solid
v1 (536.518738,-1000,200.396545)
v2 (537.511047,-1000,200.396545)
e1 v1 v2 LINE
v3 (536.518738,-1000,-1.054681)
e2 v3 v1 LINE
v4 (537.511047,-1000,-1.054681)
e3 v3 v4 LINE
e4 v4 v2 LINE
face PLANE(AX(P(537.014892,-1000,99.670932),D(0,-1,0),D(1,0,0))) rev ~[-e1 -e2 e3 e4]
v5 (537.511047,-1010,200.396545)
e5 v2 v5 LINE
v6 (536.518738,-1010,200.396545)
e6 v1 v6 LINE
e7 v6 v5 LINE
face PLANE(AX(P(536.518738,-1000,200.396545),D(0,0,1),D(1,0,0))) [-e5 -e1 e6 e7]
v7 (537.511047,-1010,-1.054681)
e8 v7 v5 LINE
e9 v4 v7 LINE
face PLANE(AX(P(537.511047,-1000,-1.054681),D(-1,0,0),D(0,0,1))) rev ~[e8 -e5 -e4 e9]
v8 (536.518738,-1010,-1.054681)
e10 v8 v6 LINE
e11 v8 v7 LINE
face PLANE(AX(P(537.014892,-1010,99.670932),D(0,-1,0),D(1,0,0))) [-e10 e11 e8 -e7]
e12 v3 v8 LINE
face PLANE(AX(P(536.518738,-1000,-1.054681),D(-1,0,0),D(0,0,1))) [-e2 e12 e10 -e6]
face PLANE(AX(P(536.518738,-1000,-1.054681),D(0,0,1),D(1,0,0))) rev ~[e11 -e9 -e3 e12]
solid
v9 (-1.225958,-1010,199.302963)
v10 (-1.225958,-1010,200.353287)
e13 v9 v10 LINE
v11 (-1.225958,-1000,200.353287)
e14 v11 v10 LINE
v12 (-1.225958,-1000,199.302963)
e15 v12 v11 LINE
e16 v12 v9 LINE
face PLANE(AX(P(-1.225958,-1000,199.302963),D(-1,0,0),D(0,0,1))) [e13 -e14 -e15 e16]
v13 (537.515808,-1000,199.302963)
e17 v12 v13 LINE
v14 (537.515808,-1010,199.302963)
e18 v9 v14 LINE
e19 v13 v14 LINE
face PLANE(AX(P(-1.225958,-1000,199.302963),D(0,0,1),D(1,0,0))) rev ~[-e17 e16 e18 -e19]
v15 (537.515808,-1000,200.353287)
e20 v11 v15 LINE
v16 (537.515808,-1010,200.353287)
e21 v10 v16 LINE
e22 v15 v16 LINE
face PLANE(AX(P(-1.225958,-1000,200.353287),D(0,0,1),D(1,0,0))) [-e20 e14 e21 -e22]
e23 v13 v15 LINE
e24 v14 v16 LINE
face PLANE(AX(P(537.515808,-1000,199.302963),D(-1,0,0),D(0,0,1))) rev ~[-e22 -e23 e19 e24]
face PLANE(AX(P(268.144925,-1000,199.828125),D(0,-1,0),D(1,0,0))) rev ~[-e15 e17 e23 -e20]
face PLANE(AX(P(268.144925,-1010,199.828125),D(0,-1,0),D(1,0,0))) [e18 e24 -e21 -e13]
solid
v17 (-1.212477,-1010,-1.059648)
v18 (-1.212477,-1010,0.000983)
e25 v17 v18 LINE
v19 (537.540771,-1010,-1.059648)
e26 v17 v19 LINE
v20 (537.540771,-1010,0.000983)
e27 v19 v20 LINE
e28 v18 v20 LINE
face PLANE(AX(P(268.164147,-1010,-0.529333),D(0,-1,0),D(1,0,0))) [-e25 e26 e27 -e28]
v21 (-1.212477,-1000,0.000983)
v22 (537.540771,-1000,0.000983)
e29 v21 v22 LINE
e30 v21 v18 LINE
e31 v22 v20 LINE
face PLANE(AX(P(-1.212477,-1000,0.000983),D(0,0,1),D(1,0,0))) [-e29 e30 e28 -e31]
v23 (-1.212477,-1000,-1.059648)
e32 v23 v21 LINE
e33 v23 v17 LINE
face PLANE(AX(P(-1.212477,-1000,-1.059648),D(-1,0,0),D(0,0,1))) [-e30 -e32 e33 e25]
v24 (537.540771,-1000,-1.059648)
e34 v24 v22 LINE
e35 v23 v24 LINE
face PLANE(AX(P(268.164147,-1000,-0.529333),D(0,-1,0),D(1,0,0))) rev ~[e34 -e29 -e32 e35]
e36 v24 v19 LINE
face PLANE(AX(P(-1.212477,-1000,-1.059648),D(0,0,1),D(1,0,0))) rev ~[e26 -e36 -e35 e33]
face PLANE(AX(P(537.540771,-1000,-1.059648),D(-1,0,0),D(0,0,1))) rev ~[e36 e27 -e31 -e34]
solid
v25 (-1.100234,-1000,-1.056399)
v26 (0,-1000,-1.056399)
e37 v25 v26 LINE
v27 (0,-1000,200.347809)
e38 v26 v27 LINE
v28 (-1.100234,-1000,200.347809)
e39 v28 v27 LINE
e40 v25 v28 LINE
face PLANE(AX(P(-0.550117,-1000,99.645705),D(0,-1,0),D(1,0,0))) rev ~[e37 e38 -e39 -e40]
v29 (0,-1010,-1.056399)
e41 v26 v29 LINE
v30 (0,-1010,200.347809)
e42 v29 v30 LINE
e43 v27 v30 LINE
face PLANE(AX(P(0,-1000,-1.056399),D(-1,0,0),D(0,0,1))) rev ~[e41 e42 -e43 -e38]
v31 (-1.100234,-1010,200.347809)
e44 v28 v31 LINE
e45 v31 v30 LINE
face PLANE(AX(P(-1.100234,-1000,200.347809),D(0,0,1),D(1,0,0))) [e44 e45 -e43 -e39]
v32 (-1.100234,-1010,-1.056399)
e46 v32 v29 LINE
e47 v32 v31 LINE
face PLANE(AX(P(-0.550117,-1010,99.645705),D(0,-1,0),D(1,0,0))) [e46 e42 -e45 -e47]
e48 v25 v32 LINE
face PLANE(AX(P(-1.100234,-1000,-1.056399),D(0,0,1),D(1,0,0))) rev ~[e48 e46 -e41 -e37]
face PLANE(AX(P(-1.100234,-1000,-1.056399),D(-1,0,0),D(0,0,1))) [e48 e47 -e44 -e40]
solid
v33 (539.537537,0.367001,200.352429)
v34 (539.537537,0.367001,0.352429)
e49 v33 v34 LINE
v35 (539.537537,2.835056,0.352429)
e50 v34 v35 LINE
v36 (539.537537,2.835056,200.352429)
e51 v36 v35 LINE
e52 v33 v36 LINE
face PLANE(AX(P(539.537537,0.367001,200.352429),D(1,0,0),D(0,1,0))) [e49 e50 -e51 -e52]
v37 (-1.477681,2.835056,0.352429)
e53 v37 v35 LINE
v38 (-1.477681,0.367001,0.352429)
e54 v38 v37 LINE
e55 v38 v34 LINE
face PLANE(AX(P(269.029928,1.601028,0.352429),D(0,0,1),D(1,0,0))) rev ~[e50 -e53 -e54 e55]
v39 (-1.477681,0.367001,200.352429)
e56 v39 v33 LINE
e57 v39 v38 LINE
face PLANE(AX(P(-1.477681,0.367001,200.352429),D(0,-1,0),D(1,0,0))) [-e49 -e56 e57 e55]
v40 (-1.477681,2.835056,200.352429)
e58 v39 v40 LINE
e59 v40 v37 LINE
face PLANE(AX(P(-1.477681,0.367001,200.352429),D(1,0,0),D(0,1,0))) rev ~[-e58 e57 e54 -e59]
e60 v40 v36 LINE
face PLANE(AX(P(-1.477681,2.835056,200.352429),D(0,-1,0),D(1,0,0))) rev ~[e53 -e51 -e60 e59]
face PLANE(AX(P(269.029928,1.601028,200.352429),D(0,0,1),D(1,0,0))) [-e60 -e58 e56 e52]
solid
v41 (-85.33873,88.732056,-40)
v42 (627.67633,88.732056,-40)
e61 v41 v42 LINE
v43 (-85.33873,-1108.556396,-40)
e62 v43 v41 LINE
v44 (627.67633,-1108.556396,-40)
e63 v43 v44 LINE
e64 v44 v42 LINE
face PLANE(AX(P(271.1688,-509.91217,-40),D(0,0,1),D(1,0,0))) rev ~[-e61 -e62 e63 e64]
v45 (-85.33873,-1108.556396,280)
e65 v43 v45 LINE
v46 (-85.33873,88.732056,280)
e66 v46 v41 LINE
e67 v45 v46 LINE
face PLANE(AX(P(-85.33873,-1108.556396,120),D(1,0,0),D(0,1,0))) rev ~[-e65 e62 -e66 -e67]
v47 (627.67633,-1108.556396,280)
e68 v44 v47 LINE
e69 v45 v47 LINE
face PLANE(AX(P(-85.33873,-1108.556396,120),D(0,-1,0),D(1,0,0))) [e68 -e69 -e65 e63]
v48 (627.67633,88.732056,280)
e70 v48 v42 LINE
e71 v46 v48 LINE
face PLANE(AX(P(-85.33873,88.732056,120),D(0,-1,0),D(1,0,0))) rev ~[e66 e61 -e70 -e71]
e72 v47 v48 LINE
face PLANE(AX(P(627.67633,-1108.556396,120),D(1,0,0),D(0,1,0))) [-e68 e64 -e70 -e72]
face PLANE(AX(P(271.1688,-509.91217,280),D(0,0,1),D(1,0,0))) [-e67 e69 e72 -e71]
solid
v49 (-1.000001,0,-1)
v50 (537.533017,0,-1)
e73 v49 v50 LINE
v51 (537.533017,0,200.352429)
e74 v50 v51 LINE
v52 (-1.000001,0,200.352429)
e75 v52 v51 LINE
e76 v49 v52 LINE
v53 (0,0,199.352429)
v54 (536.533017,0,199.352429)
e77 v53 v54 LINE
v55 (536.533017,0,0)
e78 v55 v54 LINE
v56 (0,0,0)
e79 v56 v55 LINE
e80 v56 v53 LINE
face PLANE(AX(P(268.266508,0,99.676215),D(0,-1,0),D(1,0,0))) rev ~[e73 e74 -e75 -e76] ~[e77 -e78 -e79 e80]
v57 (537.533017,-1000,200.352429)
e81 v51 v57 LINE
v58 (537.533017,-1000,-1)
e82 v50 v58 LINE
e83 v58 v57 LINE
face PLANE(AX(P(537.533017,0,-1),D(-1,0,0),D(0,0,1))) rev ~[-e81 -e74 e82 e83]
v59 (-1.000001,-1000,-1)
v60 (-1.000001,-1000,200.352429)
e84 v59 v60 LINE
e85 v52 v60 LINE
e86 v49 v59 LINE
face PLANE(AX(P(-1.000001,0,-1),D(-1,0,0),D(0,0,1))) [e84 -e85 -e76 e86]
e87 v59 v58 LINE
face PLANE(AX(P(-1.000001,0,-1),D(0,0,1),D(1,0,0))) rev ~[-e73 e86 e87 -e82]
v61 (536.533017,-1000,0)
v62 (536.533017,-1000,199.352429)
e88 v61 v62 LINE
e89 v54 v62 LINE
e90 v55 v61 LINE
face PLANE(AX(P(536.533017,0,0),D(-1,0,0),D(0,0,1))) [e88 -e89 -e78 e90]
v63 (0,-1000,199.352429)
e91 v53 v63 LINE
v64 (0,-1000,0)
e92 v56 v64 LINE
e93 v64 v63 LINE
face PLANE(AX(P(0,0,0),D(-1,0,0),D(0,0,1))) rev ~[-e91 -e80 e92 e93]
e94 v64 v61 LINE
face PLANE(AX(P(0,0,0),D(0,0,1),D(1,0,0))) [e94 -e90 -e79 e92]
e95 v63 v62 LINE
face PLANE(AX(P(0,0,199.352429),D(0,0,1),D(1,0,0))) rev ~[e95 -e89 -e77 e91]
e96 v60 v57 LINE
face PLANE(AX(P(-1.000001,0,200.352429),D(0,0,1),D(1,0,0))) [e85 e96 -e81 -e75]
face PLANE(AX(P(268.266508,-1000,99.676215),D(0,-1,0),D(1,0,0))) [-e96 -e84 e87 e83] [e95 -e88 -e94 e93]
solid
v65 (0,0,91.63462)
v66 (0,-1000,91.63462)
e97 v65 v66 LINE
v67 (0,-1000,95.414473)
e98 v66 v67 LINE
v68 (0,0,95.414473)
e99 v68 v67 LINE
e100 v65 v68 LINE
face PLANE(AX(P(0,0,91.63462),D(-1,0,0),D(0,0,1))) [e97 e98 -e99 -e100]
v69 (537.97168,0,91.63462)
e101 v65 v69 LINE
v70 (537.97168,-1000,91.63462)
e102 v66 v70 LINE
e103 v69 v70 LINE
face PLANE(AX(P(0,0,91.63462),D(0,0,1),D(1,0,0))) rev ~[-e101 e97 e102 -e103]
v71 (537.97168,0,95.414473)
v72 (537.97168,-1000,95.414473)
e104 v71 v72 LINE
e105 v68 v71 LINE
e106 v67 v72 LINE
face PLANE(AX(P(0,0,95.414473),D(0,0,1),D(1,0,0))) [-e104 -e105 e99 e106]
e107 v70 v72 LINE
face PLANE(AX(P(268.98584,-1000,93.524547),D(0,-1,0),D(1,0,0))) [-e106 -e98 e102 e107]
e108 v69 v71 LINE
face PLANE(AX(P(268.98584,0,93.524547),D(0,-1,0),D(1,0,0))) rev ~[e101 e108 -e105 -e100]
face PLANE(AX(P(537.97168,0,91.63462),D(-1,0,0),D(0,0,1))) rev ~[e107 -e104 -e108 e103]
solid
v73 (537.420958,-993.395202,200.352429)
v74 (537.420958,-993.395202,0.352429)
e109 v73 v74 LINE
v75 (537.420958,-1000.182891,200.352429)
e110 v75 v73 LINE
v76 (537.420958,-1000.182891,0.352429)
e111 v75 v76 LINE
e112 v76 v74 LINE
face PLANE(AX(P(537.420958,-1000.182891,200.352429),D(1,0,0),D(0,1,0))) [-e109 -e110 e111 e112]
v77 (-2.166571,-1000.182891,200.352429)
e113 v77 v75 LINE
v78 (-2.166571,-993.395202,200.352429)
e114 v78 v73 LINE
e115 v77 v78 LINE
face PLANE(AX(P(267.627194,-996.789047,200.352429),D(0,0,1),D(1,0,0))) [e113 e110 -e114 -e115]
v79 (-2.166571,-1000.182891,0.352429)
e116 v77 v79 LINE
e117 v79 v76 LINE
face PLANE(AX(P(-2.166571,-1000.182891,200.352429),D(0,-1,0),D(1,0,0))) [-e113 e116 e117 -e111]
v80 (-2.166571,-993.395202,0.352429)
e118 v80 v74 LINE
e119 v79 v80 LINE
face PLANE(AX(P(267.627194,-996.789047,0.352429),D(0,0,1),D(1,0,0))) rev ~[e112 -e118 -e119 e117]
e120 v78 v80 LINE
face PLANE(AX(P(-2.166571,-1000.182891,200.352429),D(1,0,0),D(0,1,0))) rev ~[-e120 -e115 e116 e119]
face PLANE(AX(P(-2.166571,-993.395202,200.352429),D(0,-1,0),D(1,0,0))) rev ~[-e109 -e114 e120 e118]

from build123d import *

# Parameters (mm, degrees)
SKETCH_W         = 538.533017
SKETCH_H         = 201.352429
SKETCH_W_2       = 536.533017
SKETCH_H_2       = 199.352429
EXTRUDE_DEPTH    = 1000
SKETCH003_W      = 541.015218
SKETCH003_H      = 2.468055
EXTRUDE003_DEPTH = 200
SKETCH004_W      = 539.587529
SKETCH004_H      = 6.787689
EXTRUDE004_DEPTH = 200
SKETCH005_W      = 1.100233
SKETCH005_H      = 201.404207
EXTRUDE005_DEPTH = 10
SKETCH006_W      = 0.992309
SKETCH006_H      = 201.451226
EXTRUDE006_DEPTH = 10
SKETCH007_W      = 538.741766
SKETCH007_H      = 1.050324
EXTRUDE007_DEPTH = 10
SKETCH008_W      = 538.753248
SKETCH008_H      = 1.060631
EXTRUDE008_DEPTH = 10
SKETCH009_W      = 537.97168
SKETCH009_H      = 3.779853
EXTRUDE009_DEPTH = 1000
SKETCH010_W      = 713.015061
SKETCH010_H      = 1197.288452
EXTRUDE010_DEPTH = 160


with BuildPart() as waveguide:
    # Sketch → Extrude (new body)
    with BuildSketch(Plane.XZ):
        with Locations((268.266508, 99.676215)):
            Rectangle(SKETCH_W, SKETCH_H)
        with Locations((268.266508, 99.676215)):
            Rectangle(SKETCH_W_2, SKETCH_H_2, mode=Mode.SUBTRACT)
    extrude(amount=EXTRUDE_DEPTH)


with BuildPart() as portout:
    # Sketch003 (on Face3 of Extrude) → Extrude003 (new body)
    with BuildSketch(Plane.XY.offset(200.352429)):
        with Locations((269.029928, 1.601028)):
            Rectangle(SKETCH003_W, SKETCH003_H)
    extrude(amount=-EXTRUDE003_DEPTH)


with BuildPart() as portin:
    # Sketch004 (on Face3 of Extrude) → Extrude004 (new body)
    with BuildSketch(Plane.XY.offset(200.352429)):
        with Locations((267.627194, -396.789047)):
            Rectangle(SKETCH004_W, SKETCH004_H)
    extrude(amount=-EXTRUDE004_DEPTH)


with BuildPart() as portin_1:
    # Extrude004 placement: moved
    add(portin.part.moved(Location((0, -600, 0))))


with BuildPart() as extrude005:
    # Sketch005 (on Face10 of Extrude) → Extrude005 (new body)
    with BuildSketch(Plane.XZ.offset(1000)):
        with Locations((-0.550117, 99.645705)):
            Rectangle(SKETCH005_W, SKETCH005_H)
    extrude(amount=EXTRUDE005_DEPTH)


with BuildPart() as extrude006:
    # Sketch006 (on Face10 of Extrude) → Extrude006 (new body)
    with BuildSketch(Plane.XZ.offset(1000)):
        with Locations((537.014892, 99.670932)):
            Rectangle(SKETCH006_W, SKETCH006_H)
    extrude(amount=EXTRUDE006_DEPTH)


with BuildPart() as extrude007:
    # Sketch007 (on Face10 of Extrude) → Extrude007 (new body)
    with BuildSketch(Plane.XZ.offset(1000)):
        with Locations((268.144925, 199.828125)):
            Rectangle(SKETCH007_W, SKETCH007_H)
    extrude(amount=EXTRUDE007_DEPTH)


with BuildPart() as extrude008:
    # Sketch008 (on Face10 of Extrude) → Extrude008 (new body)
    with BuildSketch(Plane.XZ.offset(1000)):
        with Locations((268.164147, -0.529333)):
            Rectangle(SKETCH008_W, SKETCH008_H)
    extrude(amount=EXTRUDE008_DEPTH)


with BuildPart() as electric_field:
    # Sketch009 → Extrude009 (new body)
    with BuildSketch(Plane.XZ):
        with Locations((268.98584, 93.524547)):
            Rectangle(SKETCH009_W, SKETCH009_H)
    extrude(amount=EXTRUDE009_DEPTH)


with BuildPart() as air_box:
    # Sketch010 → Extrude010 (new body, symmetric)
    with BuildSketch(Plane.XY.offset(120)):
        with Locations((271.1688, -509.91217)):
            Rectangle(SKETCH010_W, SKETCH010_H)
    extrude(amount=EXTRUDE010_DEPTH, both=True)


solid = Compound([waveguide.part, portout.part, portin_1.part, extrude005.part, extrude006.part, extrude007.part, extrude008.part, electric_field.part, air_box.part])
